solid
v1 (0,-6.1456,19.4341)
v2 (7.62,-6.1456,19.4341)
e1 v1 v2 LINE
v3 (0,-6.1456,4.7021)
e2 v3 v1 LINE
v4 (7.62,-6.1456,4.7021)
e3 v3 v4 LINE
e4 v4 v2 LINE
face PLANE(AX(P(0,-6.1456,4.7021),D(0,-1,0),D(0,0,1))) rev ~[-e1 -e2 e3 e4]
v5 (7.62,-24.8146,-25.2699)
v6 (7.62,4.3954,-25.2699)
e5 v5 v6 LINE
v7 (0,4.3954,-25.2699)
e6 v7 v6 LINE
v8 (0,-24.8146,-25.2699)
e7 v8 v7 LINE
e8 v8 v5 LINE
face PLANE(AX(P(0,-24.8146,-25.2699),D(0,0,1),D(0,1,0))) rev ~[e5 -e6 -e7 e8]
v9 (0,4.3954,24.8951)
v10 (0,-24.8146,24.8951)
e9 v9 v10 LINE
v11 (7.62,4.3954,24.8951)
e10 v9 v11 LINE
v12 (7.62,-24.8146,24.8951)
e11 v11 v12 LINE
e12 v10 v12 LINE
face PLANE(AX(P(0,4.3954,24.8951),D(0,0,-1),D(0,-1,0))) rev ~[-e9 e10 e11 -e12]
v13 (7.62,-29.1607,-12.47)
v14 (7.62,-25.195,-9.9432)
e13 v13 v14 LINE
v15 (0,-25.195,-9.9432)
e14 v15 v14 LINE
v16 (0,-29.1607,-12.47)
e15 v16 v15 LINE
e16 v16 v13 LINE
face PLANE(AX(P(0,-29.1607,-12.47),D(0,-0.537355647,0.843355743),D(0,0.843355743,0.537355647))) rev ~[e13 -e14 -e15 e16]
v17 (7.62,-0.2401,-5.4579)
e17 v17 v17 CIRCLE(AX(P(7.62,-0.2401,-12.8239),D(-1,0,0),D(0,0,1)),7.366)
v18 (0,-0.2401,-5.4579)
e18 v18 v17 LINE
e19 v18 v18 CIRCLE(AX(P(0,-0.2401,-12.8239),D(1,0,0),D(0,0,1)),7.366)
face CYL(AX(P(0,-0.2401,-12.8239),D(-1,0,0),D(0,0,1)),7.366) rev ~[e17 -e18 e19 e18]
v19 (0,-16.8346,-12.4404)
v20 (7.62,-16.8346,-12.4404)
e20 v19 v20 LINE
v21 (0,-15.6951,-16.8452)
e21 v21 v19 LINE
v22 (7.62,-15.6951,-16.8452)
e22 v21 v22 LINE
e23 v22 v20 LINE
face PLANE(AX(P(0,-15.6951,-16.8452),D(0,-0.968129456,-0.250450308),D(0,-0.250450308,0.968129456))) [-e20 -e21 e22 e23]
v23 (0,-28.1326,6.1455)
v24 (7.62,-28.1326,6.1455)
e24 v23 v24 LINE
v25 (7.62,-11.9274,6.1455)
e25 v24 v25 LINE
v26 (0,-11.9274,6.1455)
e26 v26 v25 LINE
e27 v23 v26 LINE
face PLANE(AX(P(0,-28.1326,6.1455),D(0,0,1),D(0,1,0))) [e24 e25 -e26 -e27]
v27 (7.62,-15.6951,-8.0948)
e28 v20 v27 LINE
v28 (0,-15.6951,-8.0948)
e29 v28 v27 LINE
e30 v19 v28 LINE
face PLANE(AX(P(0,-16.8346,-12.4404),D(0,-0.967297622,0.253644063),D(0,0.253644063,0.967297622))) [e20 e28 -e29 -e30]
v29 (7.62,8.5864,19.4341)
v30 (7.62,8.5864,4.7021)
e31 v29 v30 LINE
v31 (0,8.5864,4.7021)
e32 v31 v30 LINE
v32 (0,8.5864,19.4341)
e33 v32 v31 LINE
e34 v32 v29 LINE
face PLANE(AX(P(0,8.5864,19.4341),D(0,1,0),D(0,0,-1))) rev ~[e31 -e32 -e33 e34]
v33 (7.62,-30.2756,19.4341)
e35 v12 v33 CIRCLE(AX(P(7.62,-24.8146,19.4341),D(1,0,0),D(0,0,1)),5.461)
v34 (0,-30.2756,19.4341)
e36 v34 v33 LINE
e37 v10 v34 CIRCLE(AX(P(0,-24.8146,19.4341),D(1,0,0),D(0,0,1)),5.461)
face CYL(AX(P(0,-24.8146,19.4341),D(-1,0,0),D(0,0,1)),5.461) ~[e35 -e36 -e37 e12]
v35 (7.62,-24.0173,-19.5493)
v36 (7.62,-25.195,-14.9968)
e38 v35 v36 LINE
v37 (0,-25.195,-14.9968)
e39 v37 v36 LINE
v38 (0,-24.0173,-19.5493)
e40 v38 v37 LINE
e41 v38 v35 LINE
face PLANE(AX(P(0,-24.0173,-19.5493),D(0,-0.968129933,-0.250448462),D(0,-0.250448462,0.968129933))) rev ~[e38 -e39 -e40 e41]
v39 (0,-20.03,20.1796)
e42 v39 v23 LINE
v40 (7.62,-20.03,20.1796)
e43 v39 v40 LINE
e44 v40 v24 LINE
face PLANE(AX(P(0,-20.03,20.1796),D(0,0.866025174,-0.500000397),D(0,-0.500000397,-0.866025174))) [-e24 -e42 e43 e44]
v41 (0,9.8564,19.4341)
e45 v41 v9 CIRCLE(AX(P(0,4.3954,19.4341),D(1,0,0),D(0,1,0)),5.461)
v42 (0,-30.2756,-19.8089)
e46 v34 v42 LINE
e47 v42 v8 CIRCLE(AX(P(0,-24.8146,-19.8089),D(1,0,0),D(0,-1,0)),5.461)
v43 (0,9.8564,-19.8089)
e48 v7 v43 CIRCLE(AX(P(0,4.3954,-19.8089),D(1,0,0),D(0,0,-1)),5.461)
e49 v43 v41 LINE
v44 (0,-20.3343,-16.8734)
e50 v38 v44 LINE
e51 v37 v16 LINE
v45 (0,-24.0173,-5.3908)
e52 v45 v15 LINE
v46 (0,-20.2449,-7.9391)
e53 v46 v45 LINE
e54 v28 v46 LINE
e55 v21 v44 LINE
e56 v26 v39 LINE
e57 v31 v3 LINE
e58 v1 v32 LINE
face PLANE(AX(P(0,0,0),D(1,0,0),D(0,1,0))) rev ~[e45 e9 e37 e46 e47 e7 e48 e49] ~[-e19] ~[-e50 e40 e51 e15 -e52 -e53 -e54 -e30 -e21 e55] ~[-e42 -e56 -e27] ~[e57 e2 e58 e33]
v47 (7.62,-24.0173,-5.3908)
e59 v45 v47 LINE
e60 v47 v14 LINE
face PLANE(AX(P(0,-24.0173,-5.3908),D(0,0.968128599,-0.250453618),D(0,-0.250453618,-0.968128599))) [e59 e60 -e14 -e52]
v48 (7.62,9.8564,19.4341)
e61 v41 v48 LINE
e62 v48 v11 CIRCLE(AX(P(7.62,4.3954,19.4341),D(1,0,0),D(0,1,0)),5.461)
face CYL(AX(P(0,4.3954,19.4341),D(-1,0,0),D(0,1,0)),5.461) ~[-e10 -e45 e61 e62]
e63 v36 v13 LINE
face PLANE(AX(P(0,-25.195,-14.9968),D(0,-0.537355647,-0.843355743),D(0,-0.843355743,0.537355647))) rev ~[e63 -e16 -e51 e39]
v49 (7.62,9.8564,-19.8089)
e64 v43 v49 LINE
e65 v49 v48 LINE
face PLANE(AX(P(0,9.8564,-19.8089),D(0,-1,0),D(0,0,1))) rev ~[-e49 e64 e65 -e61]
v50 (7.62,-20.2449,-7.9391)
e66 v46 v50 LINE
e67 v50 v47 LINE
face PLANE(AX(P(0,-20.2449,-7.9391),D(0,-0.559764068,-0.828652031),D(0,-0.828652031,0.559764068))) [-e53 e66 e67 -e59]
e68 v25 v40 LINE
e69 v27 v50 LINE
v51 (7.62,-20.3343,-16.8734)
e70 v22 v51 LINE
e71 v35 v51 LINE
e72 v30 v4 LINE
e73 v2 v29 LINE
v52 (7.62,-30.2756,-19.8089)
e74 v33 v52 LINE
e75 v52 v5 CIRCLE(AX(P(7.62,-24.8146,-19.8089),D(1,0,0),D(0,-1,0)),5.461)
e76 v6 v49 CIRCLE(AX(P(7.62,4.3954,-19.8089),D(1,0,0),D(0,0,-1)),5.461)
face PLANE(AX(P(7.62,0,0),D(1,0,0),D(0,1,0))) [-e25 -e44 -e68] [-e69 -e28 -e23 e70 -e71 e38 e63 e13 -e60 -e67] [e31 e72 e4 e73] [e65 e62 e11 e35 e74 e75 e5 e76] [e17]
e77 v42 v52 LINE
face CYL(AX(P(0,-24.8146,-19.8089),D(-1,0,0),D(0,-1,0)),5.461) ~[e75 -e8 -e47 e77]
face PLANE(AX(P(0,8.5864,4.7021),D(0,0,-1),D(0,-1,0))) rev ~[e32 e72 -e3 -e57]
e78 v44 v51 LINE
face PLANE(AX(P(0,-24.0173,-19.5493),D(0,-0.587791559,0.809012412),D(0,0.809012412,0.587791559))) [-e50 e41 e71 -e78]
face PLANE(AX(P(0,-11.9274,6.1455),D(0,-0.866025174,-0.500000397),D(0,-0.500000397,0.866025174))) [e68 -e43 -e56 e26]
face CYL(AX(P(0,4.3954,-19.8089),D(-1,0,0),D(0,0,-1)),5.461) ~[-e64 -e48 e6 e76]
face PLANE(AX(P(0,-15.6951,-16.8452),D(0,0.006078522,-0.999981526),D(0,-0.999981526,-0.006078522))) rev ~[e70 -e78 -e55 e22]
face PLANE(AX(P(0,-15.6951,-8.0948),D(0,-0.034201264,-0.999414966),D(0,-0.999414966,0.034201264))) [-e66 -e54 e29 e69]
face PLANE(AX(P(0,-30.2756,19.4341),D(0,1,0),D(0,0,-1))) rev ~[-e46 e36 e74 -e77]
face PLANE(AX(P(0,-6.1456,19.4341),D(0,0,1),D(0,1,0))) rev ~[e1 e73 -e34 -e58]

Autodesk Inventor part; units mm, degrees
ref_plane "YZ Plane" through (0, 0, 0) normal (1, 0, 0) x (0, 1, 0)
ref_plane "XZ Plane" through (0, 0, 0) normal (0, 1, 0) x (-1, 0, 0)
ref_plane "XY Plane" through (0, 0, 0) normal (0, 0, 1) x (1, 0, 0)
sketch "Sketch1" plane through (0, 0, 0) normal (1, 0, 0) x (0, 1, 0)
  line L0 (4.3954, 24.8951) -> (-24.8146, 24.8951)
  line L1 (-30.2756, 19.4341) -> (-30.2756, -19.8089)
  line L2 (-24.8146, -25.2699) -> (4.3954, -25.2699)
  line L3 (9.8564, -19.8089) -> (9.8564, 19.4341)
  arc A0 (4.3954, -25.2699) -> (9.8564, -19.8089) centre (4.3954, -19.8089) ccw
  arc A1 (9.8564, 19.4341) -> (4.3954, 24.8951) centre (4.3954, 19.4341) ccw
  arc A2 (-30.2756, -19.8089) -> (-24.8146, -25.2699) centre (-24.8146, -19.8089) ccw
  arc A3 (-24.8146, 24.8951) -> (-30.2756, 19.4341) centre (-24.8146, 19.4341) ccw
  point P0 (0, 0)
  point P1 (-30.2756, -25.2699)
  point P2 (-30.2756, 24.8951)
  point P3 (9.8564, -25.2699)
  dimension "d0" = 40.132
  dimension "d1" = 50.165
  dimension "d2" = 5.461
  dimension "d3" = 5.461
extrude "Extrusion1" add sketch "Sketch1" along normal blind 7.62
sketch "Sketch2" plane through (0, 0, 0) normal (-1, 0, 0) x (0, 0, 1)
  line L0 (-25.2699, -24.8146) -> (-25.2699, 4.3954) projected
  line L1 (-25.2699, 4.3954) -> (-20.1899, 4.3954)
  line L2 (-20.1899, 4.3954) -> (-20.1899, 9.8564)
  line L3 (19.4341, 9.8564) -> (-19.8089, 9.8564) projected
  line L4 (-20.1899, 7.1259) -> (-5.4579, 7.1259)
  line L5 (-5.4579, 7.1259) -> (-5.4579, -7.6061)
  line L6 (-5.4579, -7.6061) -> (-20.1899, -7.6061)
  line L7 (-20.1899, -7.6061) -> (-20.1899, 7.1259)
  circle A0 centre (-12.8239, -0.2401) radius 7.366
  point P0 (0, 0)
  dimension "d6" = 5.08
  dimension "d7" = 14.732
  dimension "d8" = 14.732
  dimension "d9" = 14.732
extrude "Extrusion2" cut sketch "Sketch2" against normal up to next contours A0
sketch "Sketch3" plane through (0, 0, 0) normal (-1, 0, 0) x (0, 0, 1)
  point P0 (0, 0)
sketch "Sketch4" plane through (0, 0, 0) normal (-1, 0, 0) x (0, 0, 1)
  arc A0 (24.8951, 4.3954) -> (19.4341, 9.8564) centre (19.8306, 4.7919) ccw
  line L0 (19.4341, 9.8564) -> (19.4341, 8.5864)
  line L1 (19.4341, 8.5864) -> (4.7021, 8.5864)
  line L2 (4.7021, 8.5864) -> (4.7021, -6.1456)
  line L3 (4.7021, -6.1456) -> (19.4341, -6.1456)
  line L4 (19.4341, -6.1456) -> (19.4341, 8.5864)
  point P0 (0, 0)
  dimension "d13" = 1.27
  dimension "d14" = 14.732
  dimension "d15" = 14.732
extrude "Extrusion3" cut sketch "Sketch4" against normal up to next
sketch "Sketch5" plane through (0, 0, 0) normal (-1, 0, 0) x (0, 0, 1)
  line L0 (20.1796, -20.03) -> (6.1455, -28.1326)
  line L1 (6.1455, -28.1326) -> (6.1455, -11.9274)
  line L2 (6.1455, -11.9274) -> (20.1796, -20.03)
  line L3 (4.3902, -29.2503) -> (21.3615, -29.2503)
  point P0 (0, 0)
  point P1 (10.8235, -20.03)
  dimension "d18" = 16.2052
extrude "Extrusion4" cut sketch "Sketch5" against normal up to next
sketch "Sketch6" plane through (0, 0, 0) normal (-1, 0, 0) x (0, 0, 1)
  line L0 (19.4341, -30.2756) -> (-19.8089, -30.2756) projected
  line L1 (-24.8889, -30.2756) -> (-19.8089, -30.2756)
  line L2 (-19.8089, -30.2756) -> (-19.8089, -29.0056)
  line L3 (-19.8089, -29.0056) -> (-5.0769, -29.0056) construction
  line L4 (-5.0769, -29.0056) -> (-5.0769, -14.2736)
  line L5 (-5.0769, -14.2736) -> (-19.8089, -14.2736) construction
  line L6 (-19.8089, -14.2736) -> (-19.8089, -29.0056) construction
  circle A0 centre (-12.47, -21.7171) radius 7.4436 construction
  line L7 (-8.0948, -15.6951) -> (-5.3908, -24.0173) construction
  line L8 (-5.3908, -24.0173) -> (-12.47, -29.1607) construction
  line L9 (-12.47, -29.1607) -> (-19.5493, -24.0173) construction
  line L10 (-19.5493, -24.0173) -> (-16.8452, -15.6951) construction
  line L11 (-16.8452, -15.6951) -> (-8.0948, -15.6951) construction
  line L12 (-12.47, -21.7171) -> (-5.3908, -24.0173) construction
  line L13 (-12.47, -21.7171) -> (-8.0948, -15.6951) construction
  line L14 (-12.47, -21.7171) -> (-16.8452, -15.6951) construction
  line L15 (-12.47, -21.7171) -> (-19.5493, -24.0173) construction
  line L16 (-16.8452, -15.6951) -> (-11.847, -15.6951) construction
  line L17 (-12.47, -29.1607) -> (-7.7202, -29.1607) construction
  line L18 (-12.47, -21.7171) -> (-12.47, -29.1607) construction
  line L19 (-12.47, -21.7171) -> (-6.7428, -19.8562) construction
  line L20 (-8.0948, -15.6951) -> (-7.9391, -20.2449)
  line L21 (-7.9391, -20.2449) -> (-5.3908, -24.0173)
  line L22 (-12.47, -21.7171) -> (-8.9304, -26.589) construction
  line L23 (-5.3908, -24.0173) -> (-9.9432, -25.195)
  line L24 (-12.47, -29.1607) -> (-9.9432, -25.195)
  line L25 (-12.47, -21.7171) -> (-16.0096, -26.589) construction
  line L26 (-12.47, -21.7171) -> (-18.666, -19.7714) construction
  line L27 (-12.47, -21.7171) -> (-12.4334, -15.6951) construction
  line L28 (-19.5493, -24.0173) -> (-16.8734, -20.3343)
  line L29 (-16.8452, -15.6951) -> (-16.8734, -20.3343)
  line L30 (-16.8452, -15.6951) -> (-12.4404, -16.8346)
  line L31 (-12.4404, -16.8346) -> (-8.0948, -15.6951)
  line L32 (-19.5493, -24.0173) -> (-14.9968, -25.195)
  line L33 (-14.9968, -25.195) -> (-12.47, -29.1607)
  point P0 (0, 0)
  point P1 (-12.2672, -15.6951)
  dimension "d21" = 5.08
  dimension "d22" = 1.27
  dimension "d23" = 14.732
  dimension "d24" = 14.732
  dimension "d33" = 4.5524
  dimension "d34" = 4.5524
sketch "Sketch7" plane through (0, 0, 0) normal (-1, 0, 0) x (0, 0, 1)
  point P0 (0, 0)
sketch "Sketch8" plane through (0, 0, 0) normal (-1, 0, 0) x (0, 0, 1)
  point P0 (0, 0)
sketch "Sketch9" plane through (0, 0, 0) normal (-1, 0, 0) x (0, 0, 1)
  point P0 (0, 0)
extrude "Extrusion5" cut sketch "Sketch6" against normal up to next
properties part number "Passenger base"
